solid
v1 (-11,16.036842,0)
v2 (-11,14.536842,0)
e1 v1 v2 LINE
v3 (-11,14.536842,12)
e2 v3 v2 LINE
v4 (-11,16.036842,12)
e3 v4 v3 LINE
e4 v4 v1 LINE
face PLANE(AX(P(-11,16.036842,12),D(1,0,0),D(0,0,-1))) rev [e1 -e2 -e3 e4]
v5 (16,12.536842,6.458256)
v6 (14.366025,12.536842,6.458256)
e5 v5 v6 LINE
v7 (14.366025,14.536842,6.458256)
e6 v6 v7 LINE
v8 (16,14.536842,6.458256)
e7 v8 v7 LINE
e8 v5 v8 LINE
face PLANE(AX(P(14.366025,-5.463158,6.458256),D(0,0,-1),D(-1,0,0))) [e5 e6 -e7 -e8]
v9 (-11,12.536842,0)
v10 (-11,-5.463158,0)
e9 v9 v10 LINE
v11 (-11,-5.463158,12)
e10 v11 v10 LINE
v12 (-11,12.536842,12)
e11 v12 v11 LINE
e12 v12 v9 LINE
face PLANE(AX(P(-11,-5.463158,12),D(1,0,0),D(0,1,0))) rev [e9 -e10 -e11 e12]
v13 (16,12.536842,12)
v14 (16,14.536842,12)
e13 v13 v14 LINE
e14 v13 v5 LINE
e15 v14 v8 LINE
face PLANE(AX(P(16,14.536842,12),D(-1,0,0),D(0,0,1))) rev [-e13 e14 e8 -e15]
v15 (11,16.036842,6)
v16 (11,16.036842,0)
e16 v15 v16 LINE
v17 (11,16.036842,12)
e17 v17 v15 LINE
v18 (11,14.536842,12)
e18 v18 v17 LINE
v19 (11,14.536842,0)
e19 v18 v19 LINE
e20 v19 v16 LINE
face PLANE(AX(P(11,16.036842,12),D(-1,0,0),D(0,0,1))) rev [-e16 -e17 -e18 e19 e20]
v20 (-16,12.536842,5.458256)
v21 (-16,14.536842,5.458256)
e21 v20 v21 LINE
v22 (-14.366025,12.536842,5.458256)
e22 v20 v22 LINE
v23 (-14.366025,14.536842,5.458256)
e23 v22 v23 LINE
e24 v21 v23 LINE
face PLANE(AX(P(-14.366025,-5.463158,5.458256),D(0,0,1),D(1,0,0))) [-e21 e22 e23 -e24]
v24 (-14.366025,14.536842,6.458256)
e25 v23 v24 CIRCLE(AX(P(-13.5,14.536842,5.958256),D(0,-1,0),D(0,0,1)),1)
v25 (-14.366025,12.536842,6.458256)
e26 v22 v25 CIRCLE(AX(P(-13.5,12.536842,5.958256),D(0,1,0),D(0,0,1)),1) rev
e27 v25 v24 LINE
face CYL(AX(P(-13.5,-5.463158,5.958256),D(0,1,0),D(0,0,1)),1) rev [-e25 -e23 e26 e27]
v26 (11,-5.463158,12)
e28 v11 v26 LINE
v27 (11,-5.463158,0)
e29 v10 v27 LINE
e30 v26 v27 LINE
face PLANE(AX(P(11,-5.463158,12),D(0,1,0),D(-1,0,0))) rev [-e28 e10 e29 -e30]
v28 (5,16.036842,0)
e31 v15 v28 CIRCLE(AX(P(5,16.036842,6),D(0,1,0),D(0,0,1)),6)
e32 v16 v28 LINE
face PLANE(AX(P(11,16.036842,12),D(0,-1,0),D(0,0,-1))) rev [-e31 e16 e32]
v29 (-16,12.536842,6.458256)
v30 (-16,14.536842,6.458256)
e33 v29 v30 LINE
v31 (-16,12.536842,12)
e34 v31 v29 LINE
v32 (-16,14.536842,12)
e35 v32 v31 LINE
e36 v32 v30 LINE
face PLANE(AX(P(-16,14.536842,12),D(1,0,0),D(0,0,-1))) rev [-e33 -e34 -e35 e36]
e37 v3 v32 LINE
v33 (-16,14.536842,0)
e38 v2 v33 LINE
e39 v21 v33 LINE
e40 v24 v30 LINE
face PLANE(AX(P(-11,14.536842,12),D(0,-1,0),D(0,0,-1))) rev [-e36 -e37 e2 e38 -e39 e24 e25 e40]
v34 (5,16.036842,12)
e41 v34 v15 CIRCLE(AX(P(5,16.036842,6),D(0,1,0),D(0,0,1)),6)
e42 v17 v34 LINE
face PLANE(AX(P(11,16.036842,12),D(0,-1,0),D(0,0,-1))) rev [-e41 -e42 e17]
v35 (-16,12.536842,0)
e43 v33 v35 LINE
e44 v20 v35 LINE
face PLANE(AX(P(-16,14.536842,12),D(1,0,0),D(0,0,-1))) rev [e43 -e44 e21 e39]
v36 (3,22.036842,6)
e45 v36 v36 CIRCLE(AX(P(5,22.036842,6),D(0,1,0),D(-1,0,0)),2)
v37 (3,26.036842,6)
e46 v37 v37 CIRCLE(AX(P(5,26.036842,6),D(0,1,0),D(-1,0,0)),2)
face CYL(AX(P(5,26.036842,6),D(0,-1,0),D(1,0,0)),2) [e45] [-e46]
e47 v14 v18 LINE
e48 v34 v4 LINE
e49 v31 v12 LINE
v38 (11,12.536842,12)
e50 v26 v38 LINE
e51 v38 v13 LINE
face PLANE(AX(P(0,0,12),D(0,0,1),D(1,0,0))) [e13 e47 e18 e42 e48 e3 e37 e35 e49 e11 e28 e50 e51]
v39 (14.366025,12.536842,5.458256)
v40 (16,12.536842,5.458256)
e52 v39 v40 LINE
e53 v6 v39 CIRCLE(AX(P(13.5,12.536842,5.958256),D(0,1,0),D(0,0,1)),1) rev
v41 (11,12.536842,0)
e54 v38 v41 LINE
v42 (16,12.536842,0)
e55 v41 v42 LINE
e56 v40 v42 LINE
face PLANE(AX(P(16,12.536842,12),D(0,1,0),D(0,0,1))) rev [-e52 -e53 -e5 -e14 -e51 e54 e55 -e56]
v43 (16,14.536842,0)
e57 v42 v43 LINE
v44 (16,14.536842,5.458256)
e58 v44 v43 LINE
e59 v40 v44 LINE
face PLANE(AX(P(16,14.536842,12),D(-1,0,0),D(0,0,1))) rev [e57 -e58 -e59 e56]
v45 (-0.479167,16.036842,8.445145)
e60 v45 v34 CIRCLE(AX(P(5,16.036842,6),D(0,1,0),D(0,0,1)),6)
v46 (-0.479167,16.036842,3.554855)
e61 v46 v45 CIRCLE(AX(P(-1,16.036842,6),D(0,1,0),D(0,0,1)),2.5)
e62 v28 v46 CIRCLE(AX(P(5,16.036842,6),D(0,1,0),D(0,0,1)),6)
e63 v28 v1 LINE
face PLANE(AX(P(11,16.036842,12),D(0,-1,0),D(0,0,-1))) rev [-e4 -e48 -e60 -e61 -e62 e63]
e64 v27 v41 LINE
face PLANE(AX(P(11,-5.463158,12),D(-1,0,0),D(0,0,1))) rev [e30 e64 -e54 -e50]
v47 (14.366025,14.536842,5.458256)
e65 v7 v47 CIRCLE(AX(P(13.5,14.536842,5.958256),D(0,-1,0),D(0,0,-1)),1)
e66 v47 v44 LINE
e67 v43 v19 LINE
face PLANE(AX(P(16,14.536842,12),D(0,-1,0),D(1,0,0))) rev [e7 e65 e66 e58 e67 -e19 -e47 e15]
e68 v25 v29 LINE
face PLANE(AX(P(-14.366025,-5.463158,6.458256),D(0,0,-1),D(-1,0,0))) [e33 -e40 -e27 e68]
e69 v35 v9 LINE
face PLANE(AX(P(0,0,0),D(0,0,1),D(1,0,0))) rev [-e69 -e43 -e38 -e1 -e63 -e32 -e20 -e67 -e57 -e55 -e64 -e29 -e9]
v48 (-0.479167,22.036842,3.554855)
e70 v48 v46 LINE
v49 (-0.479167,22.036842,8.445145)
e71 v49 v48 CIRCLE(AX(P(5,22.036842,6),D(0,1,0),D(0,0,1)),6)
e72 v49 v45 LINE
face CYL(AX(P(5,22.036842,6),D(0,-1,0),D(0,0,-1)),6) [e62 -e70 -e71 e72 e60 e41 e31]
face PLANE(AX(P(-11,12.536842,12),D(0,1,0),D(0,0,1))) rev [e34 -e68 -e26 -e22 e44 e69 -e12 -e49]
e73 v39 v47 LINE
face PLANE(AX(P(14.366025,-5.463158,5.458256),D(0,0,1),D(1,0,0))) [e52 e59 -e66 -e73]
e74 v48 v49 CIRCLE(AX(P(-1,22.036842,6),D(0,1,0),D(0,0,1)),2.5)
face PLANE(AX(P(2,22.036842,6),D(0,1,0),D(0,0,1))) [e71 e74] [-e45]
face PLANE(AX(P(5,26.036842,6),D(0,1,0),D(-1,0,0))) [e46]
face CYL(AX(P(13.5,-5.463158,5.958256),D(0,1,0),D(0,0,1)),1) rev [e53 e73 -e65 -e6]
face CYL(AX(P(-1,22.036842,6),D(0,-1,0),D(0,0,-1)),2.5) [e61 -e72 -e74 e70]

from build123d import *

# Parameters (mm, degrees)
EXTRUDE_1_DEPTH     = 12
EXTRUDE_3_DEPTH     = 6
SKETCH_4_R          = 2
EXTRUDE_4_DEPTH     = 4
CUT_EXTRUDE_2_DEPTH = 29.284271247


with BuildPart() as part:
    # 草图1 → 凸台-拉伸1 (new body)
    with BuildSketch(Plane.XY):
        Polygon((-11, 12.536842105), (-16, 12.536842105), (-16, 14.536842105), (-11, 14.536842105), (-11, 16.036842105), (11, 16.036842105), (11, 14.536842105), (16, 14.536842105), (16, 12.536842105), (11, 12.536842105), (11, -5.463157895), (-11, -5.463157895), align=None)
    extrude(amount=EXTRUDE_1_DEPTH)

    # 草图2 → 凸台-拉伸3 (add)
    with BuildSketch(Plane(origin=(0, 16.036842105, 0), x_dir=(1, 0, 0), z_dir=(0, 1, 0))):
        with BuildLine():
            ThreePointArc((-0.479166667, -8.445144707), (11, -6), (-0.479166667, -3.554855293))
            ThreePointArc((-0.479166667, -3.554855293), (-3.5, -6), (-0.479166667, -8.445144707))
        make_face()
    extrude(amount=EXTRUDE_3_DEPTH)

    # 草图4 → 凸台-拉伸4 (add)
    with BuildSketch(Plane(origin=(0, 22.036842105, 0), x_dir=(1, 0, 0), z_dir=(0, 1, 0))):
        with Locations(Location((5, -6, 0), (0, 0, 180))):
            Circle(SKETCH_4_R)
    extrude(amount=EXTRUDE_4_DEPTH)

    # 草图5 → 切除-拉伸2 (cut, through all)
    with BuildSketch(Plane(origin=(0, 14.536842105, 0), x_dir=(-1, 0, 0), z_dir=(0, -1, 0))):
        with BuildLine():
            Line((-14.366025404, -6.458256145), (-16, -6.458256145))
            Line((-16, -6.458256145), (-16, -5.458256145))
            Line((-16, -5.458256145), (-14.366025404, -5.458256145))
            ThreePointArc((-14.366025404, -5.458256145), (-12.5, -5.958256145), (-14.366025404, -6.458256145))
        make_face()
        with BuildLine():
            Line((16, -6.458256145), (16, -5.458256145))
            Line((16, -5.458256145), (14.366025404, -5.458256145))
            ThreePointArc((14.366025404, -5.458256145), (12.5, -5.958256145), (14.366025404, -6.458256145))
            Line((14.366025404, -6.458256145), (16, -6.458256145))
        make_face()
    extrude(amount=CUT_EXTRUDE_2_DEPTH, mode=Mode.SUBTRACT)


solid = part.part
